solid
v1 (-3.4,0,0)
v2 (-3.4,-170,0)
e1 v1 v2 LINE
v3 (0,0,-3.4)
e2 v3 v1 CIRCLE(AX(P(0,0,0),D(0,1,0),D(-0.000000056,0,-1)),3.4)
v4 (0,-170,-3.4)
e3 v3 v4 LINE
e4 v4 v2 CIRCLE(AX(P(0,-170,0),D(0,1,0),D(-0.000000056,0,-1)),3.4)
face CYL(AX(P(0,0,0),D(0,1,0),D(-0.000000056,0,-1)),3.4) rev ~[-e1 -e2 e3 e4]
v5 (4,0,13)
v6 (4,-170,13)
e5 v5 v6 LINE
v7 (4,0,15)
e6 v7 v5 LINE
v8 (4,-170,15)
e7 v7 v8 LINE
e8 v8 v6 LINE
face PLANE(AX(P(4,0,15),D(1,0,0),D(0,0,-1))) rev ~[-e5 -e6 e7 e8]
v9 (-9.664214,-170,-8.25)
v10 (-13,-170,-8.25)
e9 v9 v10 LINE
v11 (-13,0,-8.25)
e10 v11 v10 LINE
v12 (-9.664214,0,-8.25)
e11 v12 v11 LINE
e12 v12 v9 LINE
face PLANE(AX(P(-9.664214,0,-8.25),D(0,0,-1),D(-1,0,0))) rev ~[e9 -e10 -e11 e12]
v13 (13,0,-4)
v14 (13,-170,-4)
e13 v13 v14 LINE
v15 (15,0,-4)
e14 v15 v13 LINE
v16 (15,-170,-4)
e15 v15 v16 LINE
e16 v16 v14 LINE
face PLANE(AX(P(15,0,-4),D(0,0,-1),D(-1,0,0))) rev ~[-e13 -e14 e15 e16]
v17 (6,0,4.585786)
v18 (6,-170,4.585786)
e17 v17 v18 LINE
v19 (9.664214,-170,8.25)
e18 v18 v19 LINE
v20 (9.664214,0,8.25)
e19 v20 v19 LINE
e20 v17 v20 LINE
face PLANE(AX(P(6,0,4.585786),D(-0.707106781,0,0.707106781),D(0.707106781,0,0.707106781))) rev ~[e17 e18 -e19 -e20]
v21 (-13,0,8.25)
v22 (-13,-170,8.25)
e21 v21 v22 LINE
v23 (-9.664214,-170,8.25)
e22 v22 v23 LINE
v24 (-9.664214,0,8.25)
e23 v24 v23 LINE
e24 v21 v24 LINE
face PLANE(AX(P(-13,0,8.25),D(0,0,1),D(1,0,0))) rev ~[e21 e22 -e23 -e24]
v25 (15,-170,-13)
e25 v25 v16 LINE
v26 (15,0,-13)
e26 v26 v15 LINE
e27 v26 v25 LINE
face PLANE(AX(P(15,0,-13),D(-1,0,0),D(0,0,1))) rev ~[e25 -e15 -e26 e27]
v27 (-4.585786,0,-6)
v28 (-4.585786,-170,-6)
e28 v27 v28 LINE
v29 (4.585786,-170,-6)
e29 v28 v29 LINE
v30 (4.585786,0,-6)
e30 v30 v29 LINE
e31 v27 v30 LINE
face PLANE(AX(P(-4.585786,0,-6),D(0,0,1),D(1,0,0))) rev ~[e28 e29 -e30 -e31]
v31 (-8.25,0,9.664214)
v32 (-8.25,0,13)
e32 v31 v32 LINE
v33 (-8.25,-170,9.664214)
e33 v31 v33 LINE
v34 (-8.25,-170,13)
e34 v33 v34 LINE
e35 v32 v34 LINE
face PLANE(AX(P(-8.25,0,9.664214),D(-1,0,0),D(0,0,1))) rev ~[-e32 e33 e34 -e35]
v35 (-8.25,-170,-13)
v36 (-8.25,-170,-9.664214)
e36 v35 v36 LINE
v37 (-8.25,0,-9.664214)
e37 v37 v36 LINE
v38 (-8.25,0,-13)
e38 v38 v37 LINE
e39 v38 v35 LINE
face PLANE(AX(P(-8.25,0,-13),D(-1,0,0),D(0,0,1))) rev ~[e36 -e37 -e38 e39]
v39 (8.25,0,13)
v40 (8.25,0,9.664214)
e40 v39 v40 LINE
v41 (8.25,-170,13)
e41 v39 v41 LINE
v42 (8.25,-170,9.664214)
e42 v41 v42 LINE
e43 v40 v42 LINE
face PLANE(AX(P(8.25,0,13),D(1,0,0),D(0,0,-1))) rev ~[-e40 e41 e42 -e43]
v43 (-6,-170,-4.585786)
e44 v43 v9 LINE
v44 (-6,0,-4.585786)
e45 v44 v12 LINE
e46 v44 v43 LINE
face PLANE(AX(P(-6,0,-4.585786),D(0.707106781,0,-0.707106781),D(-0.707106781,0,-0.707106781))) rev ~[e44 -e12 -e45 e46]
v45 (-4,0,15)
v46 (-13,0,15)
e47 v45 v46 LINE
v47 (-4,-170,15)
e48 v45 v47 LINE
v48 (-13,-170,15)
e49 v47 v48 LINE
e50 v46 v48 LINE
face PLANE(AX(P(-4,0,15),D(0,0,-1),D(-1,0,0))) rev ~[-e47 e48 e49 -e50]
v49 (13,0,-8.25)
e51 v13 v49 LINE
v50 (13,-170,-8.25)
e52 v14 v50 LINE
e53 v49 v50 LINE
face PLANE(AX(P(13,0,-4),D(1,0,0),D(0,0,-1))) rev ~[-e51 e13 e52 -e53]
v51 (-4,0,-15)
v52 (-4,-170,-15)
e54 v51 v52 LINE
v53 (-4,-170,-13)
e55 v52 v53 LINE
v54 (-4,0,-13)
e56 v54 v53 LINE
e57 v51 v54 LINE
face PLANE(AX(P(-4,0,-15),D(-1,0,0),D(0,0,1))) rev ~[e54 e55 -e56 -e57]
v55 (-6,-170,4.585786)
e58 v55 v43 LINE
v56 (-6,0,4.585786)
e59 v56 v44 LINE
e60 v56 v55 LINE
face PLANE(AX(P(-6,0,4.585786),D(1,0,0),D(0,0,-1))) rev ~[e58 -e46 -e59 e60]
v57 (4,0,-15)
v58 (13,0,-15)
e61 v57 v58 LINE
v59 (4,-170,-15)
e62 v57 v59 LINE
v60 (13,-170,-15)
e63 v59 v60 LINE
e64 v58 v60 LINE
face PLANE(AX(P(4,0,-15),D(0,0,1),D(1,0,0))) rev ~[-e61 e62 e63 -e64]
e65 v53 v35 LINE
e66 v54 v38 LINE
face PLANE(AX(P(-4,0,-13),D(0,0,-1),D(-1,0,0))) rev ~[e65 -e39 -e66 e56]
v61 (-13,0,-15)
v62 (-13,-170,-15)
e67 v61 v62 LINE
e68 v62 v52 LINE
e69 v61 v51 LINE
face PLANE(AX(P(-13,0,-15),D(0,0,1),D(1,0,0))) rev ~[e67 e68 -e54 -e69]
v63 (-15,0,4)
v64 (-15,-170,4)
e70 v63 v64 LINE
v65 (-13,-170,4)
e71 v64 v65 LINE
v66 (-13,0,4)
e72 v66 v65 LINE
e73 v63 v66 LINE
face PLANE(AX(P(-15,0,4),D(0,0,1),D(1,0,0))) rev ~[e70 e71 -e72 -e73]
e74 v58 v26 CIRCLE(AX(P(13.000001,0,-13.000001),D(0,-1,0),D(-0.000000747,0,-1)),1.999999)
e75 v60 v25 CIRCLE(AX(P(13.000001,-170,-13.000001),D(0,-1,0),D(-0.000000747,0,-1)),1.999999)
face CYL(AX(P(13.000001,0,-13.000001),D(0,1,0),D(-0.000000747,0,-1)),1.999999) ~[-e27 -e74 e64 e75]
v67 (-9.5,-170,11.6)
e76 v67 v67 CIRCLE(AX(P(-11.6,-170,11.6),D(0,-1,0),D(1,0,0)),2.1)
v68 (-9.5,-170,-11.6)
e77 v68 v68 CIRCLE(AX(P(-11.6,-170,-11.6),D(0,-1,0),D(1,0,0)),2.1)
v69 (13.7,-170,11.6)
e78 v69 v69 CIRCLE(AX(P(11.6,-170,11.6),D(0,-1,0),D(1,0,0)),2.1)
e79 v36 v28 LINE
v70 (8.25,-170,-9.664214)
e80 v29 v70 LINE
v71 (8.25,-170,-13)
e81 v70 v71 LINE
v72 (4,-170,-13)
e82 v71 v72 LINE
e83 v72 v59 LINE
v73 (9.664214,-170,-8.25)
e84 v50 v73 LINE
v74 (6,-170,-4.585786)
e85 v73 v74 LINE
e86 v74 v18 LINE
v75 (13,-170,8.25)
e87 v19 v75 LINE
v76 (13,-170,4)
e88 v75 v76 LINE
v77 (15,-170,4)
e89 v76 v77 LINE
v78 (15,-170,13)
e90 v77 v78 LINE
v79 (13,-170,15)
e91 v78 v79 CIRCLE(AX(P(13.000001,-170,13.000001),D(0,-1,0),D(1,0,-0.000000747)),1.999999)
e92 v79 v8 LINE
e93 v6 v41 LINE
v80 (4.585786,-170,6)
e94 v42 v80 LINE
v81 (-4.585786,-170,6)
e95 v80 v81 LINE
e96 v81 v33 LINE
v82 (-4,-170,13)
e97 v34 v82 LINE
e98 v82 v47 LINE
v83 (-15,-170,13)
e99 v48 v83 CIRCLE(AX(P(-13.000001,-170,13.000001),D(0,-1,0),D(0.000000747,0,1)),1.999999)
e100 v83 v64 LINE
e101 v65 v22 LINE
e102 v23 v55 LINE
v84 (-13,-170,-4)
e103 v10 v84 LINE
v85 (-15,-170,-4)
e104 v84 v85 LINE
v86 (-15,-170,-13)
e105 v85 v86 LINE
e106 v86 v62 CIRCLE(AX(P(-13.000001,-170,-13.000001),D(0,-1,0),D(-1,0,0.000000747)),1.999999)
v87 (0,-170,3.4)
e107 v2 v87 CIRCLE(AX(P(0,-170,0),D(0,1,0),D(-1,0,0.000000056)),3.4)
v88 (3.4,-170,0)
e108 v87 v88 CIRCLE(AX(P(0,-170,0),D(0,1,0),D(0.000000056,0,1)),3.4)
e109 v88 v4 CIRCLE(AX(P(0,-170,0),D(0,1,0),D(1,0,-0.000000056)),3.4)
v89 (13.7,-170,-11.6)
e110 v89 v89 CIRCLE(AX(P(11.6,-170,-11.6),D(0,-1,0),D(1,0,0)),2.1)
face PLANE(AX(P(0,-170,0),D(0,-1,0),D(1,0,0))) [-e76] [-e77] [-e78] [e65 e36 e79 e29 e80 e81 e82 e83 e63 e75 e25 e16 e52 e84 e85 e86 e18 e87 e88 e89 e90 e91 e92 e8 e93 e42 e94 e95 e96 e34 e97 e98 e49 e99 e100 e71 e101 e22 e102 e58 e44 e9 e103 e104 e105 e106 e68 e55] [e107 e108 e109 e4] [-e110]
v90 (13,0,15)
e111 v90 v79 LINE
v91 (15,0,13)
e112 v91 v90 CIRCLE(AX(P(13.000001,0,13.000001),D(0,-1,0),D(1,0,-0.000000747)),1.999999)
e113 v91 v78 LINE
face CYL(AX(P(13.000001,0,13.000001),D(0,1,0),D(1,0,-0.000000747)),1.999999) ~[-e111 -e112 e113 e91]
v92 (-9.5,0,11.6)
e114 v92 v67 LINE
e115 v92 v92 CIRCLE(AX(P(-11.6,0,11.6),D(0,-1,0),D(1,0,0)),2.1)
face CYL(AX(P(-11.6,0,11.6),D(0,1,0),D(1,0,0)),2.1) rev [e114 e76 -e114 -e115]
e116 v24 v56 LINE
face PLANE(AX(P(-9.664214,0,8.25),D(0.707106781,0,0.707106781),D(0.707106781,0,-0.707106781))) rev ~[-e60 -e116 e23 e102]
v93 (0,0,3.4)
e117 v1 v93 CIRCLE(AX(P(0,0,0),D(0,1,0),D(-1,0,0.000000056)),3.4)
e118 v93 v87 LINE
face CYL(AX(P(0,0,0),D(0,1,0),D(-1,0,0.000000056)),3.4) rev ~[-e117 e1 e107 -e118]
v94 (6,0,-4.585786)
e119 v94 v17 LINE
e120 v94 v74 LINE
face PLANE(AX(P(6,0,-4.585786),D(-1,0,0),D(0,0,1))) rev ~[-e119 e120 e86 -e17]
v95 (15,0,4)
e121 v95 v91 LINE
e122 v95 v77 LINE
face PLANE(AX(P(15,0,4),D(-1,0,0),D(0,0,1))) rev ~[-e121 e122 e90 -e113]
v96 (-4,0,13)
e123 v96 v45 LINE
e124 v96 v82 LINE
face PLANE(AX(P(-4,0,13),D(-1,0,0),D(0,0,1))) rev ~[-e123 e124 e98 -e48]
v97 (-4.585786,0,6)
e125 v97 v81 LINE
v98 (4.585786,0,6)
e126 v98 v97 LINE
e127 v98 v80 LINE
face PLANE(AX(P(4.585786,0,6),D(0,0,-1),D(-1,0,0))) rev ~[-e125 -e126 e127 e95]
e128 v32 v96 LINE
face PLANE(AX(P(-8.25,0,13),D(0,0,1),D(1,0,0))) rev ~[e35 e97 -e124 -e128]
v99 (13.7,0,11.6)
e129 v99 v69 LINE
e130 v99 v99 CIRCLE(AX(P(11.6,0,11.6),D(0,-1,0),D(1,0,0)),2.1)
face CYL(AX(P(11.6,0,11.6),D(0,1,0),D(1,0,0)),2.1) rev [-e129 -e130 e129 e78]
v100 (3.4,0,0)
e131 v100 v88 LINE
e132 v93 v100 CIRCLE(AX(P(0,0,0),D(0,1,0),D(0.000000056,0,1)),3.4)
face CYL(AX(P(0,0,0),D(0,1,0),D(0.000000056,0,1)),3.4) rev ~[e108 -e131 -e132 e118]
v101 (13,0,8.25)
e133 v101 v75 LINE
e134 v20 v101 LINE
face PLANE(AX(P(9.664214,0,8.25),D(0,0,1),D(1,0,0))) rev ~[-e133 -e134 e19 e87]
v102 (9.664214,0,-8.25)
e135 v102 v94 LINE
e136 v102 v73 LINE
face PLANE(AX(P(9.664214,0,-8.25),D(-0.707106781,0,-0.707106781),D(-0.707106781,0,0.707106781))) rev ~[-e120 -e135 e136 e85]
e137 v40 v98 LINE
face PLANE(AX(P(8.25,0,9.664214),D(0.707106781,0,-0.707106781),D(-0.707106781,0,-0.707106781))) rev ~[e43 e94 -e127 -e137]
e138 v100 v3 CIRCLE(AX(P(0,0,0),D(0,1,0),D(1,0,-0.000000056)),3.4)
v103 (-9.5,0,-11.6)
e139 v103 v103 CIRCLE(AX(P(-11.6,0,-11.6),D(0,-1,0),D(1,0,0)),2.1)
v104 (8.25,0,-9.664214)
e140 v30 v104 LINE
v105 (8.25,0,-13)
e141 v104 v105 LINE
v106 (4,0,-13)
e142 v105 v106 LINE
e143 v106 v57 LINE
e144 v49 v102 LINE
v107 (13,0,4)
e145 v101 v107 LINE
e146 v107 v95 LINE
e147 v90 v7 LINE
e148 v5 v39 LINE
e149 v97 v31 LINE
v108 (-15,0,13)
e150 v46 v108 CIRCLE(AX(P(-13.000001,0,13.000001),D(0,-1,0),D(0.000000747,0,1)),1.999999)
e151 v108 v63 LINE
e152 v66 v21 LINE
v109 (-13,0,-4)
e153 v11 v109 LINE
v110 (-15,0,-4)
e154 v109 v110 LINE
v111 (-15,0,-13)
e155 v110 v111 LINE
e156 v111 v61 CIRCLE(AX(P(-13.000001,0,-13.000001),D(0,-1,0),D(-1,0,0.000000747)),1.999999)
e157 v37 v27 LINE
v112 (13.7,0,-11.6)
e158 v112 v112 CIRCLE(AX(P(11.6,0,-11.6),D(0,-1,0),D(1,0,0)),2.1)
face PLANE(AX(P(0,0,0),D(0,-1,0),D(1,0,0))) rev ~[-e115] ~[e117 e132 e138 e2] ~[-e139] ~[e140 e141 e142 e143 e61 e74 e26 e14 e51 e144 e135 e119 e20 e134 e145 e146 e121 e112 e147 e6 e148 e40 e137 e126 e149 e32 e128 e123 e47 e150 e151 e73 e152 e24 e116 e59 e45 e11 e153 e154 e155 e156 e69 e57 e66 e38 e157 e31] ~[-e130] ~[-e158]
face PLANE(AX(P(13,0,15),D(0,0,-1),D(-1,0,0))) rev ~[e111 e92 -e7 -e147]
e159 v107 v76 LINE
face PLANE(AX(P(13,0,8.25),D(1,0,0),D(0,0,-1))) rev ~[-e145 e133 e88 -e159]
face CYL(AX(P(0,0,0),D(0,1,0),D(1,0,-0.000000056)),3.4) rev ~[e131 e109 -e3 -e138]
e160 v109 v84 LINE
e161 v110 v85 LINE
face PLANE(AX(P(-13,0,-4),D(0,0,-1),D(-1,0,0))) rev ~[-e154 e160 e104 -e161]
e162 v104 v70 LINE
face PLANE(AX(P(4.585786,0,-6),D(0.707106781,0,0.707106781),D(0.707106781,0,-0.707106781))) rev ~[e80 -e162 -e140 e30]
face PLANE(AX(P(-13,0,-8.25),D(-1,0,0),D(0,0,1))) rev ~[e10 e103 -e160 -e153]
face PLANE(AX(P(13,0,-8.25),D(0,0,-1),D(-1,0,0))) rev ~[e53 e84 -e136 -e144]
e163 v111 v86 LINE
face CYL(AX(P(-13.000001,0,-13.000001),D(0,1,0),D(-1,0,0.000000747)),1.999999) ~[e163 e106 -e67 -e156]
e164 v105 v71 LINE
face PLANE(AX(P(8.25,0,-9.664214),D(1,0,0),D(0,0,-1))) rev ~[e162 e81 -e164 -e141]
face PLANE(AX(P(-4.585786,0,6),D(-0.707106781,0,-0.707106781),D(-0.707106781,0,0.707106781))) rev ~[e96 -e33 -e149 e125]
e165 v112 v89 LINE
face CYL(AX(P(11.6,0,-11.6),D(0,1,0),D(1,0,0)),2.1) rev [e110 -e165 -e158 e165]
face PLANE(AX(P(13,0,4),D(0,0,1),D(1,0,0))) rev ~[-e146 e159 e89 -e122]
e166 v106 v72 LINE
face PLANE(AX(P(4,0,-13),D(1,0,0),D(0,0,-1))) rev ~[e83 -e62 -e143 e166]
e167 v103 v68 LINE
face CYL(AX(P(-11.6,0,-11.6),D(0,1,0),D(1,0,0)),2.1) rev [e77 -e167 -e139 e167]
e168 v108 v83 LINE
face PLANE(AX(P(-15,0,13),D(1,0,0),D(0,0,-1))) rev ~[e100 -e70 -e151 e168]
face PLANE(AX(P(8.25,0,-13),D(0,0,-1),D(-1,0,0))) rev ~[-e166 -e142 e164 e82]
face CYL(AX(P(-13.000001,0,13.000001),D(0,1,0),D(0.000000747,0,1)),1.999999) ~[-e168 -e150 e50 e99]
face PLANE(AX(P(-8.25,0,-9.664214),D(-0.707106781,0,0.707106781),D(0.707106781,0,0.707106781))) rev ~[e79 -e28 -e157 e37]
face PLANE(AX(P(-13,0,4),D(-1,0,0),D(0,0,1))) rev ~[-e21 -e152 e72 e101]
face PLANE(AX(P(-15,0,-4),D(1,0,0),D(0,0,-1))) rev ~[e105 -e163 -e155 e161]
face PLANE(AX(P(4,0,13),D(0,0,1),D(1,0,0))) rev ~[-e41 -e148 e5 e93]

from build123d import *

# Parameters (mm, degrees)
F0_R     = 2.1
F1_DEPTH = 170


with BuildPart() as f1:
    # F0 (on Front) → F1 (new body)
    with BuildSketch(Plane.XZ):
        with BuildLine():
            Line((4.585786, 6), (0, 6))
            Line((0, 6), (-4.585786, 6))
            Line((-4.585786, 6), (-8.25, 9.664214))
            Line((-8.25, 9.664214), (-8.25, 13))
            Line((-8.25, 13), (-4, 13))
            Line((-4, 13), (-4, 15))
            Line((-4, 15), (-13, 15))
            ThreePointArc((-13, 15), (-14.414214, 14.414214), (-15, 13))
            Line((-15, 13), (-15, 4))
            Line((-15, 4), (-13, 4))
            Line((-13, 4), (-13, 8.25))
            Line((-13, 8.25), (-9.664214, 8.25))
            Line((-9.664214, 8.25), (-6, 4.585786))
            Line((-6, 4.585786), (-6, 0))
            Line((-6, 0), (-6, -4.585786))
            Line((-6, -4.585786), (-9.664214, -8.25))
            Line((-9.664214, -8.25), (-13, -8.25))
            Line((-13, -8.25), (-13, -4))
            Line((-13, -4), (-15, -4))
            Line((-15, -4), (-15, -13))
            ThreePointArc((-15, -13), (-14.414214, -14.414214), (-13, -15))
            Line((-13, -15), (-4, -15))
            Line((-4, -15), (-4, -13))
            Line((-4, -13), (-8.25, -13))
            Line((-8.25, -13), (-8.25, -9.664214))
            Line((-8.25, -9.664214), (-4.585786, -6))
            Line((-4.585786, -6), (0, -6))
            Line((0, -6), (4.585786, -6))
            Line((4.585786, -6), (8.25, -9.664214))
            Line((8.25, -9.664214), (8.25, -13))
            Line((8.25, -13), (4, -13))
            Line((4, -13), (4, -15))
            Line((4, -15), (13, -15))
            ThreePointArc((13, -15), (14.414214, -14.414214), (15, -13))
            Line((15, -13), (15, -4))
            Line((15, -4), (13, -4))
            Line((13, -4), (13, -8.25))
            Line((13, -8.25), (9.664214, -8.25))
            Line((9.664214, -8.25), (6, -4.585786))
            Line((6, -4.585786), (6, 0))
            Line((6, 0), (6, 4.585786))
            Line((6, 4.585786), (9.664214, 8.25))
            Line((9.664214, 8.25), (13, 8.25))
            Line((13, 8.25), (13, 4))
            Line((13, 4), (15, 4))
            Line((15, 4), (15, 13))
            ThreePointArc((15, 13), (14.414214, 14.414214), (13, 15))
            Line((13, 15), (4, 15))
            Line((4, 15), (4, 13))
            Line((4, 13), (8.25, 13))
            Line((8.25, 13), (8.25, 9.664214))
            Line((8.25, 9.664214), (4.585786, 6))
        make_face()
        with Locations((-11.6, -11.6)):
            Circle(F0_R, mode=Mode.SUBTRACT)
        with Locations((11.6, -11.6)):
            Circle(F0_R, mode=Mode.SUBTRACT)
        with Locations((-11.6, 11.6)):
            Circle(F0_R, mode=Mode.SUBTRACT)
        with BuildLine():
            ThreePointArc((-3.4, 0), (-2.404163, 2.404163), (0, 3.4))
            ThreePointArc((0, 3.4), (2.404163, 2.404163), (3.4, 0))
            ThreePointArc((3.4, 0), (2.404163, -2.404163), (0, -3.4))
            ThreePointArc((0, -3.4), (-2.404163, -2.404163), (-3.4, 0))
        make_face(mode=Mode.SUBTRACT)
        with Locations((11.6, 11.6)):
            Circle(F0_R, mode=Mode.SUBTRACT)
    extrude(amount=F1_DEPTH)


solid = f1.part
